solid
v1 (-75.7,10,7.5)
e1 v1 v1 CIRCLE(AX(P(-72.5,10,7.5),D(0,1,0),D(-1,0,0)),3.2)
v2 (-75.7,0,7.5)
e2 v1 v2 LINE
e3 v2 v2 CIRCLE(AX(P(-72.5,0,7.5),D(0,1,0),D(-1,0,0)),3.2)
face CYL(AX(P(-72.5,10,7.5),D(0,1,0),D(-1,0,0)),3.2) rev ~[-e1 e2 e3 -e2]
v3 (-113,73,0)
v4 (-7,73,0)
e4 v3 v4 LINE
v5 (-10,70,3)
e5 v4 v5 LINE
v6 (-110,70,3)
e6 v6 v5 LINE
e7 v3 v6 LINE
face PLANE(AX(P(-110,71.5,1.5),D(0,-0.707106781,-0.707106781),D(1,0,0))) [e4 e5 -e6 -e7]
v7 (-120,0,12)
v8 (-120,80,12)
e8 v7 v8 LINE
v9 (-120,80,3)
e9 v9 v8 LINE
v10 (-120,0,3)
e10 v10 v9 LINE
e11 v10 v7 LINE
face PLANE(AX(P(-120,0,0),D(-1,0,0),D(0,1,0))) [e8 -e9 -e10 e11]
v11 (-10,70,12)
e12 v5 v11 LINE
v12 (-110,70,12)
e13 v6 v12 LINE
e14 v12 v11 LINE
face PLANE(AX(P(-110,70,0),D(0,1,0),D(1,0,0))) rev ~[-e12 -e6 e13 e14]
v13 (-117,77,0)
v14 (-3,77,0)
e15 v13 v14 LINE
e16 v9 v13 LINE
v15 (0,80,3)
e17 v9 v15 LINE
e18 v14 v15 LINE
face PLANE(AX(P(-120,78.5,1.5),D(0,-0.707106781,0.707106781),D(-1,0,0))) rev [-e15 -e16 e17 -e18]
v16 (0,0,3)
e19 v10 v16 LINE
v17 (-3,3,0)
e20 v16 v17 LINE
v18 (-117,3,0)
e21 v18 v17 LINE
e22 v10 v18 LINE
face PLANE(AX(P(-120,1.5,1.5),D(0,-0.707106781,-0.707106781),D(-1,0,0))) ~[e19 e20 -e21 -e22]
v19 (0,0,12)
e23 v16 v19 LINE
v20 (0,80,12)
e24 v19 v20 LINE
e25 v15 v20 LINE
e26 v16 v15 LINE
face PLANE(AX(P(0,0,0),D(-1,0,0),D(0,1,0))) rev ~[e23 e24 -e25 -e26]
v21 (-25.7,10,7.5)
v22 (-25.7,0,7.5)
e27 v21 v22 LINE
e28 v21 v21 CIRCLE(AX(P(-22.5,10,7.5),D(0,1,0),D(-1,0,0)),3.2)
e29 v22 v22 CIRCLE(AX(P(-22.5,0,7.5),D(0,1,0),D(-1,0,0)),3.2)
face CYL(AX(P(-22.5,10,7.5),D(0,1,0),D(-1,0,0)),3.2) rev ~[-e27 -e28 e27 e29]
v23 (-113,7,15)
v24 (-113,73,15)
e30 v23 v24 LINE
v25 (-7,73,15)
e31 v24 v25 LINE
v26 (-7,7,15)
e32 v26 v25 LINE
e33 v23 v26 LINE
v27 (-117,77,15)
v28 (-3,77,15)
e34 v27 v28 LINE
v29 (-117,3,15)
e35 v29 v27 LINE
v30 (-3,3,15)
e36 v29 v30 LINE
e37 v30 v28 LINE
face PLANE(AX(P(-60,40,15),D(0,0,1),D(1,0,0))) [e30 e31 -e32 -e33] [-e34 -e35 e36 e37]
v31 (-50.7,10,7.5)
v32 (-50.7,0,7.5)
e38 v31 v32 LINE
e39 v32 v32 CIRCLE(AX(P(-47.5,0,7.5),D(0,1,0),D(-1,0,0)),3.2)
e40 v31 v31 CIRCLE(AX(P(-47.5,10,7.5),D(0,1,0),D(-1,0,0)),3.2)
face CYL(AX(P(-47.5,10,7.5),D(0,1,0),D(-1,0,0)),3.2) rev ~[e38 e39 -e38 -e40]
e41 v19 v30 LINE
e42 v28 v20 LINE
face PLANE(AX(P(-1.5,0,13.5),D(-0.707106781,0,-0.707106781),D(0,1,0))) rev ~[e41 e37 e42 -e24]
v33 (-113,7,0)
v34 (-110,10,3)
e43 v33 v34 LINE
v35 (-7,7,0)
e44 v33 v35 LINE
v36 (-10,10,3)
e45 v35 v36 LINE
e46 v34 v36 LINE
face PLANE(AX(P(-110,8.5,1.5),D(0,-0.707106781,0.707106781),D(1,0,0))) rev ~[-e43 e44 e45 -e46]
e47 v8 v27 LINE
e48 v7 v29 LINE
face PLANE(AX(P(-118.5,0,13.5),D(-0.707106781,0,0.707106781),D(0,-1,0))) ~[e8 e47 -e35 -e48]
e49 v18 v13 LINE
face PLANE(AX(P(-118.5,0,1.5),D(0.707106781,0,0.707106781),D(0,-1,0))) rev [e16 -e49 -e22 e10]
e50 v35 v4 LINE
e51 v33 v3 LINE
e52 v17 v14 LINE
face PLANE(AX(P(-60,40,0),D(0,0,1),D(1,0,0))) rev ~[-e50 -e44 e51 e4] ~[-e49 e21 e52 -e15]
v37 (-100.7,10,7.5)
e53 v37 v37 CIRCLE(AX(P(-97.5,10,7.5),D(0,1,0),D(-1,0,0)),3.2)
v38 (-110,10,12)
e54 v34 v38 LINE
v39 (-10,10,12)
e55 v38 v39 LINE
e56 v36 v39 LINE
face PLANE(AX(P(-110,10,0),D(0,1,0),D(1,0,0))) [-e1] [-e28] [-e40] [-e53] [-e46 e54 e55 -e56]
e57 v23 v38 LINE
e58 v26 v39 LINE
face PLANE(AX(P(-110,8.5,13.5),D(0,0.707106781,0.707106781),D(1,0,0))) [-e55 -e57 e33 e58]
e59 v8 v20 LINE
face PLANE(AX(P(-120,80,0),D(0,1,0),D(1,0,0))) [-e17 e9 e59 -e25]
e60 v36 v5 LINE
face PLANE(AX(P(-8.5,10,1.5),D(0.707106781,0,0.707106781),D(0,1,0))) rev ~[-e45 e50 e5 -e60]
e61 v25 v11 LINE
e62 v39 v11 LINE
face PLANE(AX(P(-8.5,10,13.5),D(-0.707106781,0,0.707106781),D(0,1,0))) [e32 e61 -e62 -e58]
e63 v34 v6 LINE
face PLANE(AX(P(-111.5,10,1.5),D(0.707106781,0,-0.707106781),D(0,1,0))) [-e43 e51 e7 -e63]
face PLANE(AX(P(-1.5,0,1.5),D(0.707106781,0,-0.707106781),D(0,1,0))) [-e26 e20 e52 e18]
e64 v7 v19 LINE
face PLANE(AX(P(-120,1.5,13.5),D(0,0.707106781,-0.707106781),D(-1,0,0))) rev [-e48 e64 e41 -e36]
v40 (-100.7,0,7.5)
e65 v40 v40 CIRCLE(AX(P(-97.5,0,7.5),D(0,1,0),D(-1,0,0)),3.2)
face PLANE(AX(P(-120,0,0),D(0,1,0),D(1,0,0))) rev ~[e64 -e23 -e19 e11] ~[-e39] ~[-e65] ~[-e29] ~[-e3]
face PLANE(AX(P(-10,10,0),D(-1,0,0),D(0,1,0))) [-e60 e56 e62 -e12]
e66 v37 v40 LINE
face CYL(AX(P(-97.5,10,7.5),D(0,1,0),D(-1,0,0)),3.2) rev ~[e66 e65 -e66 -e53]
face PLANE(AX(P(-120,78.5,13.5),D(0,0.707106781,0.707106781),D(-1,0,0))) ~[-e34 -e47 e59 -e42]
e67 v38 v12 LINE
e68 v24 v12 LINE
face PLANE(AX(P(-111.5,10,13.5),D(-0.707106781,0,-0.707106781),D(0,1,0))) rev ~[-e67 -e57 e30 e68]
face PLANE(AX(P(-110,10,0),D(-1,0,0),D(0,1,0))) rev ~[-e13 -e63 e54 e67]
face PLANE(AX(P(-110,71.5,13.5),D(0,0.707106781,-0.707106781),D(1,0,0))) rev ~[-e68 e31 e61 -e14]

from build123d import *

# Parameters (mm, degrees)
F0_W     = 120
F0_H     = 80
F0_W_2   = 100
F0_H_2   = 60
F1_DEPTH = 15
F2_R     = 3.2
F3_DEPTH = 10.001
F4_SIZE  = 3


with BuildPart() as f1:
    # F0 (on Top) → F1 (new body)
    with BuildSketch(Plane.XY):
        with Locations((-60, 40)):
            Rectangle(F0_W, F0_H)
        with Locations((-60, 40)):
            Rectangle(F0_W_2, F0_H_2, mode=Mode.SUBTRACT)
    extrude(amount=F1_DEPTH)

    # F2 (on face) → F3 (cut, through all)
    with BuildSketch(Plane(origin=(0, 10, 0), x_dir=(-1, 0, 0), z_dir=(0, 1, 0))):
        with Locations((72.5, 7.5)):
            Circle(F2_R)
        with Locations((47.5, 7.5)):
            Circle(F2_R)
        with Locations((97.5, 7.5)):
            Circle(F2_R)
        with Locations((22.5, 7.5)):
            Circle(F2_R)
    extrude(amount=-F3_DEPTH, mode=Mode.SUBTRACT)

    # F4
    f4_edges = [f1.edges().sort_by_distance(p)[0] for p in [
        (-60, 0, 15),
        (0, 40, 15),
        (-60, 80, 15),
        (-120, 40, 15),
        (-10, 40, 15),
        (-60, 10, 15),
        (-110, 40, 15),
        (-60, 70, 15),
        (-60, 0, 0),
        (0, 40, 0),
        (-60, 80, 0),
        (-120, 40, 0),
        (-10, 40, 0),
        (-60, 10, 0),
        (-110, 40, 0),
        (-60, 70, 0),
    ]]
    chamfer(f4_edges, length=F4_SIZE)


solid = f1.part
